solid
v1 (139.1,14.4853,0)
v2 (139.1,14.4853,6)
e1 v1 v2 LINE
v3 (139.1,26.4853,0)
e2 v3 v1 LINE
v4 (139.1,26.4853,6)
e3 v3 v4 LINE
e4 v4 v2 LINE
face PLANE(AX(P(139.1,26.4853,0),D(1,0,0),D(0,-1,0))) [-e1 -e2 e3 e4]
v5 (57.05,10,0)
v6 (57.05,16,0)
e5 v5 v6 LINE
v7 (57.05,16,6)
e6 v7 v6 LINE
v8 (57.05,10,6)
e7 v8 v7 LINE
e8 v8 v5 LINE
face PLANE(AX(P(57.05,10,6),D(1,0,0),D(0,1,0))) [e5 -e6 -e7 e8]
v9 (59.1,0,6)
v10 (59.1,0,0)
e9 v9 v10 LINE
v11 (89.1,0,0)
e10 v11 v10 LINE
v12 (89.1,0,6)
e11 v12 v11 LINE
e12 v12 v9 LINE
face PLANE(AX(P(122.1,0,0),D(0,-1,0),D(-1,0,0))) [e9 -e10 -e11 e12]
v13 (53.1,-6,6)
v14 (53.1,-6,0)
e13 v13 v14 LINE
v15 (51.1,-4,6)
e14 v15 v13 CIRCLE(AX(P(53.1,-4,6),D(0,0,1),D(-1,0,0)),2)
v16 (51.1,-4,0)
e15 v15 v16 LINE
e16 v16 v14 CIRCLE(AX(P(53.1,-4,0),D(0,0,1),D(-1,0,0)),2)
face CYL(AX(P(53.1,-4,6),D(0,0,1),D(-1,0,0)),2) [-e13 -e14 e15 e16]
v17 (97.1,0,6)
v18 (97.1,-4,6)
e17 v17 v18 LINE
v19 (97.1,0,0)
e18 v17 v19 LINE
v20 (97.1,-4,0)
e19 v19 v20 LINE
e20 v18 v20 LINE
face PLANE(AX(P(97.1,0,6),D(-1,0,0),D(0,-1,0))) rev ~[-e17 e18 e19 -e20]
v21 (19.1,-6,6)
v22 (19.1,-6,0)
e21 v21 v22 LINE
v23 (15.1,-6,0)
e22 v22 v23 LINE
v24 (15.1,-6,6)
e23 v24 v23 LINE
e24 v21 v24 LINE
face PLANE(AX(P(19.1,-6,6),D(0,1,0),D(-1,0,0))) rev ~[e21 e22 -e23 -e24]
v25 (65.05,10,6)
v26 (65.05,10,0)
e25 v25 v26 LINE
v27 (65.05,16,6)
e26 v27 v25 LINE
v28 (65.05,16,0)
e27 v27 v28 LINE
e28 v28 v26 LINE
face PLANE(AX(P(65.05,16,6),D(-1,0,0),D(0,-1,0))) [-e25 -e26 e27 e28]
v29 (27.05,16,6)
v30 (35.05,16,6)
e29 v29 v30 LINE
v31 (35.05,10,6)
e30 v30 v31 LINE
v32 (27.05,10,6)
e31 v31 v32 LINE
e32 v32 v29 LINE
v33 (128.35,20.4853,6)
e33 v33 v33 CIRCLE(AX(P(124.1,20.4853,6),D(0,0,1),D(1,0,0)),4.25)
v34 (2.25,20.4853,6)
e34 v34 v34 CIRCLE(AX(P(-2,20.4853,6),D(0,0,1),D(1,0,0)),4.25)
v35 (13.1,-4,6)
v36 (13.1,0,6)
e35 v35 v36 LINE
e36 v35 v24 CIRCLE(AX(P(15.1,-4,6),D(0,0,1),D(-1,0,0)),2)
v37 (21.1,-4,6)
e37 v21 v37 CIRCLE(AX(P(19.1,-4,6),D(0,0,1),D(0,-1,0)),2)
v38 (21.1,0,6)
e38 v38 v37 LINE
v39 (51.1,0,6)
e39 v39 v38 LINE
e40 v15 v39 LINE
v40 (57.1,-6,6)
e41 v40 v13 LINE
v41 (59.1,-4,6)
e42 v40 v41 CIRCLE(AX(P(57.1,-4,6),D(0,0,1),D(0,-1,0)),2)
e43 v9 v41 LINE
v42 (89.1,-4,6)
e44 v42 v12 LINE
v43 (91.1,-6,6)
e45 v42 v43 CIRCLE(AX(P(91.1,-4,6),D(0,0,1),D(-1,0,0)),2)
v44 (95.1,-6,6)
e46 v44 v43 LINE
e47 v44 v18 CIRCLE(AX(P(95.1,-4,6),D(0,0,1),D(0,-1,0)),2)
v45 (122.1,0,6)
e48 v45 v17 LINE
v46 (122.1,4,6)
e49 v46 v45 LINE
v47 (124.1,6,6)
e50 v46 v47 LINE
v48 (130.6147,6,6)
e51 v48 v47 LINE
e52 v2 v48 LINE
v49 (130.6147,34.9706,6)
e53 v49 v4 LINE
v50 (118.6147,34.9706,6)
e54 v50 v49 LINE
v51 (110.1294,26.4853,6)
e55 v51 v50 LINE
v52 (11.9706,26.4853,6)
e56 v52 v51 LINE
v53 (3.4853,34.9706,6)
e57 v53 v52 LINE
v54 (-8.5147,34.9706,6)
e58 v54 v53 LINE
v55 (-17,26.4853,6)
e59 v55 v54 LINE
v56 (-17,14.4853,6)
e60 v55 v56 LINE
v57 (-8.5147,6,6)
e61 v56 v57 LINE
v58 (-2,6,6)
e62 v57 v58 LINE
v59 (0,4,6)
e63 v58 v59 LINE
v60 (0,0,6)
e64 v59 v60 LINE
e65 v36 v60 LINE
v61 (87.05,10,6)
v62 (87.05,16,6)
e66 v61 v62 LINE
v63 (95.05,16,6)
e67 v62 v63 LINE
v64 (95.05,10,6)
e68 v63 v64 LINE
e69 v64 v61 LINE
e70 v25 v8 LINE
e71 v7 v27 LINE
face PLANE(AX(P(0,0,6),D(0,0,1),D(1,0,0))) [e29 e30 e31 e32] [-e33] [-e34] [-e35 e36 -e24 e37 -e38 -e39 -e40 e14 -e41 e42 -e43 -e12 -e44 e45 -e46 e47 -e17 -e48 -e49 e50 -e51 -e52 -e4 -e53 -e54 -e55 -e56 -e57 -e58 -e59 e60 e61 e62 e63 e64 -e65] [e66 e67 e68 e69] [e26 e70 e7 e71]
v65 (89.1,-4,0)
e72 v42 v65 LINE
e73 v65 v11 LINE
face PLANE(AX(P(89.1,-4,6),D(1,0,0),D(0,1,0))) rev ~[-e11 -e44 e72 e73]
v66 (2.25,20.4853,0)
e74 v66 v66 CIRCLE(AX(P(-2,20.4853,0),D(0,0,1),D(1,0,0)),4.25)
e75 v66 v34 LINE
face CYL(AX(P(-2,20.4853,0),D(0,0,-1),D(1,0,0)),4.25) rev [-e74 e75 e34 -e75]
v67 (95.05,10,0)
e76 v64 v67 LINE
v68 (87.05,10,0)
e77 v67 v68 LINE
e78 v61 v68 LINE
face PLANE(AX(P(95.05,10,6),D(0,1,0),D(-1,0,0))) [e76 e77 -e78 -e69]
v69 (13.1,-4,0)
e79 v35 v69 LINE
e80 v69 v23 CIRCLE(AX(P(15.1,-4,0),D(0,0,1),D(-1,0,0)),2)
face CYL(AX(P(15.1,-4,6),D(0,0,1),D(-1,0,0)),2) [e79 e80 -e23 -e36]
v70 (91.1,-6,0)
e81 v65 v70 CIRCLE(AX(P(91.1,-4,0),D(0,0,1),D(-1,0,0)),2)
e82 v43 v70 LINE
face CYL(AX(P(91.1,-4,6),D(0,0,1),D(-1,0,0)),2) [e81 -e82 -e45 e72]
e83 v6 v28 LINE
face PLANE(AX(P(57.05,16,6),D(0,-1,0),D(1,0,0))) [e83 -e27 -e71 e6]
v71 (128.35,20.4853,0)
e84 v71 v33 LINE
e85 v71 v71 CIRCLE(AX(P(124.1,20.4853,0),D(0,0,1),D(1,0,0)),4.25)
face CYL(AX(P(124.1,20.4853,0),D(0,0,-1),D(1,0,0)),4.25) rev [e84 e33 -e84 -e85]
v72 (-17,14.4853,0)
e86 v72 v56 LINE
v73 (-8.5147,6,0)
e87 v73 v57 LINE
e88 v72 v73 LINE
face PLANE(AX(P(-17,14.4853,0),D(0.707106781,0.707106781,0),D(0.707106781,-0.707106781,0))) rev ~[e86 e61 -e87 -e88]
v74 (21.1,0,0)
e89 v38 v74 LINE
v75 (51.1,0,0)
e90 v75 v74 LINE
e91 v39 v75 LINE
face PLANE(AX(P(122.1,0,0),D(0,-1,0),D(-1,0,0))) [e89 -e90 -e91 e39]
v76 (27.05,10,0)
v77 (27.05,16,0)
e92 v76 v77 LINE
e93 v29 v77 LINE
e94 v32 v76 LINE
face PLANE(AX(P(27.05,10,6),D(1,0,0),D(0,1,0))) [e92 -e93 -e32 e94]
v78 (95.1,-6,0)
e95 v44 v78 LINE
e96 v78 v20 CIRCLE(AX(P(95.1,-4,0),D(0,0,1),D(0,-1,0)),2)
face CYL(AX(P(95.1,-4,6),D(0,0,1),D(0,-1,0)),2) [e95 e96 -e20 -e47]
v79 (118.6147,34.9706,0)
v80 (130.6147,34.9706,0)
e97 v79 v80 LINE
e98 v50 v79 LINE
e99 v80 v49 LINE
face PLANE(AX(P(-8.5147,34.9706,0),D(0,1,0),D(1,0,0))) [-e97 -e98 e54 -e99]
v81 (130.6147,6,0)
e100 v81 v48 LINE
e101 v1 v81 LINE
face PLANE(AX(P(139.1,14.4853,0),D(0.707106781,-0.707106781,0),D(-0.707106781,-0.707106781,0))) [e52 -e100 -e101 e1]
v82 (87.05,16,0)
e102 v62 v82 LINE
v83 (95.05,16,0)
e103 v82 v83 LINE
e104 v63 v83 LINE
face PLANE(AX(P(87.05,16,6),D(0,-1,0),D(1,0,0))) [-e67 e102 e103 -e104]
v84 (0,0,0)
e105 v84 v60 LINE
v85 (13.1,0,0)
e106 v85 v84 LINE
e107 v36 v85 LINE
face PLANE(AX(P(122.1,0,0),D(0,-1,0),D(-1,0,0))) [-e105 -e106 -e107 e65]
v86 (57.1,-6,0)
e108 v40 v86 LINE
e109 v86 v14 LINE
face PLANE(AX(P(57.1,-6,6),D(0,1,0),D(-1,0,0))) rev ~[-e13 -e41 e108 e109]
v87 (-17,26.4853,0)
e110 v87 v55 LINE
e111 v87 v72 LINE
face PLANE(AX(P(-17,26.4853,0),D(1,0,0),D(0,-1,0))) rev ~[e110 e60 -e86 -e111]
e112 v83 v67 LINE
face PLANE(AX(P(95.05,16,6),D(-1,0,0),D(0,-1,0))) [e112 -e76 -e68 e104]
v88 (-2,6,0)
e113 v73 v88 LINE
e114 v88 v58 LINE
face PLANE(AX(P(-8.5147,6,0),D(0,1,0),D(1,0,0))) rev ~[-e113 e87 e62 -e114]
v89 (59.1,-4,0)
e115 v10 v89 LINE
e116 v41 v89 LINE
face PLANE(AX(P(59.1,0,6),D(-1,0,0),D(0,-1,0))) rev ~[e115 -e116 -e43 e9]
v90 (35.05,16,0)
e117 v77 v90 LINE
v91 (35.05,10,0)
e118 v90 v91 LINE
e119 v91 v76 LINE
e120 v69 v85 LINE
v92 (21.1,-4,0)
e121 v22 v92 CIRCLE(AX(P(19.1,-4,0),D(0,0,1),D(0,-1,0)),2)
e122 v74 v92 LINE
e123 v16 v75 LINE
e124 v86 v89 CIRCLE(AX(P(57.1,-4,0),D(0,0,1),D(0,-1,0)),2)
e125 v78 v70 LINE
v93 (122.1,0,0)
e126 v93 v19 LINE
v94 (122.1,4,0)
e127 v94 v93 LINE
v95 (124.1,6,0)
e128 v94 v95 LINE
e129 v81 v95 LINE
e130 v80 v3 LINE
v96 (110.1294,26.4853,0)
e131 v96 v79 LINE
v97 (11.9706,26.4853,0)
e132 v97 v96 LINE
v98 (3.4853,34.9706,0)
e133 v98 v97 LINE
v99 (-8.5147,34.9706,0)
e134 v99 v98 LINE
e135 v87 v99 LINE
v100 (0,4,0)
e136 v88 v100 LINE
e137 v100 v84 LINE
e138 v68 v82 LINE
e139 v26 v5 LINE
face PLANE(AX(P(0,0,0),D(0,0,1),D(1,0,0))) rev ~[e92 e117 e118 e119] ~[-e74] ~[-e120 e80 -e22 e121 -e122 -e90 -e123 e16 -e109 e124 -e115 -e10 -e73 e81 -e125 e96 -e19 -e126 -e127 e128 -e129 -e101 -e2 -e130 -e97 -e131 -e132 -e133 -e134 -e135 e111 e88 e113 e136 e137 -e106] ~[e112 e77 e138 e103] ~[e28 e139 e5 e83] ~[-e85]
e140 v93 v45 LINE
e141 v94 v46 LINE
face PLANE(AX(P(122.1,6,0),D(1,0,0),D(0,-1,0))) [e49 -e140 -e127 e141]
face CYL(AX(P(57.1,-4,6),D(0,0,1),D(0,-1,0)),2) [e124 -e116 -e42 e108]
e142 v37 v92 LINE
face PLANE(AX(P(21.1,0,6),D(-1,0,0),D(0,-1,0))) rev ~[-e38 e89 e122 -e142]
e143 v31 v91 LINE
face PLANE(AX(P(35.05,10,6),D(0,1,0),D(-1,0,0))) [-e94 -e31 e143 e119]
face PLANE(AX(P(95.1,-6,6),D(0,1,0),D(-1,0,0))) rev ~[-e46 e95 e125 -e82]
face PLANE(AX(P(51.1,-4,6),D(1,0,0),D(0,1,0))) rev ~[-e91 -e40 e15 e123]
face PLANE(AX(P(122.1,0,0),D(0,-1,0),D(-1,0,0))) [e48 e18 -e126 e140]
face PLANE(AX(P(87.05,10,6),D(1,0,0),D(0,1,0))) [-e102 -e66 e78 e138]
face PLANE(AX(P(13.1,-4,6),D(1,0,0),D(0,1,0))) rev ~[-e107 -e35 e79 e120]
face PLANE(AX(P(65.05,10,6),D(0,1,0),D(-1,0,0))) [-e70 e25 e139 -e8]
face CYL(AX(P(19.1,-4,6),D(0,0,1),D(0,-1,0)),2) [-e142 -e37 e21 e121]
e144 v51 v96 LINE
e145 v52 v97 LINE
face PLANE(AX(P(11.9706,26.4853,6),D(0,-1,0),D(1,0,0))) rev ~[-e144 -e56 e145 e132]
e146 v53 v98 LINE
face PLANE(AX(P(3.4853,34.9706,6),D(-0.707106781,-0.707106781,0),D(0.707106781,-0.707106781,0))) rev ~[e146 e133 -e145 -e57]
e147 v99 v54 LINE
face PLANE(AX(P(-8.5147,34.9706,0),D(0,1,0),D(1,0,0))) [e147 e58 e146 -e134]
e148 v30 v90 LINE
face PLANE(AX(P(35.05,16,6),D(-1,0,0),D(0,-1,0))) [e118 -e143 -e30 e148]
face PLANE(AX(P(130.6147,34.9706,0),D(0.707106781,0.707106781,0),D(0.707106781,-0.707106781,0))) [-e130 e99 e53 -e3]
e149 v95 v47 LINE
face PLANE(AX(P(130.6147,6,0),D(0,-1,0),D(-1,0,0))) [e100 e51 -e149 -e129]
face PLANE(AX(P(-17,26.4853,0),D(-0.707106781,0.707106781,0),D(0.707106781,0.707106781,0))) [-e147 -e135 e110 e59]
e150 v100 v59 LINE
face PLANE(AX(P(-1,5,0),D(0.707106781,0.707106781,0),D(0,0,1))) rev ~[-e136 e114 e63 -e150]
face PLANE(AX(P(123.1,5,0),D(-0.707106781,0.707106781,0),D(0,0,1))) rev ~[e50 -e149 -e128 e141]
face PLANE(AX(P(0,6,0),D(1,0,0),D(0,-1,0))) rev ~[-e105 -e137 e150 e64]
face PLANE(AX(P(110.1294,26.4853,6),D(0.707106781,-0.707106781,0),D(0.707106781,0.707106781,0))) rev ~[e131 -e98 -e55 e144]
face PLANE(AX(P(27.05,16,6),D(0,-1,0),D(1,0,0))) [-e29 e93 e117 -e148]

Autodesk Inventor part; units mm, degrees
ref_plane "YZ Plane" through (0, 0, 0) normal (1, 0, 0) x (0, 1, 0)
ref_plane "XZ Plane" through (0, 0, 0) normal (0, 1, 0) x (-1, 0, 0)
ref_plane "XY Plane" through (0, 0, 0) normal (0, 0, 1) x (1, 0, 0)
sketch "Sketch1" plane through (0, 0, 0) normal (0, 0, 1) x (1, 0, 0)
  circle A0 centre (-2, 20.4853) radius 4.25
  circle A1 centre (124.1, 20.4853) radius 4.25
  line L0 (-17, 26.4853) -> (-17, 14.4853)
  line L1 (-17, 26.4853) -> (-8.5147, 34.9706)
  line L2 (-17, 14.4853) -> (-8.5147, 6)
  line L3 (-8.5147, 34.9706) -> (130.6147, 34.9706)
  line L4 (130.6147, 34.9706) -> (139.1, 26.4853)
  line L5 (139.1, 26.4853) -> (139.1, 14.4853)
  line L6 (139.1, 14.4853) -> (130.6147, 6)
  circle A2 centre (-2, 20.4853) radius 13 construction
  circle A3 centre (-2, 20.4853) radius 17 construction
  line L7 (-8.5147, 6) -> (0, 6)
  line L8 (0, 6) -> (0, 0)
  line L9 (130.6147, 6) -> (122.1, 6)
  line L10 (122.1, 6) -> (122.1, 0)
  line L11 (122.1, 0) -> (0, 0)
  point P0 (0, 0)
  point P1 (-17, 20.4853)
  dimension "d0" = 8.5
  dimension "d1" = 126.1
  dimension "d2" = 45
  dimension "d3" = 12
  dimension "d4" = 26
  dimension "d5" = 34
  dimension "d6" = 15
  dimension "d7" = 6
  dimension "d10" = 15
  dimension "d18" = 2
extrude "Extrusion1" add sketch "Sketch1" along normal blind 6
sketch "Sketch2" plane through (0, 0, 6) normal (0, 0, 1) x (1, 0, 0)
  line L0 (130.6147, 34.9706) -> (-8.5147, 34.9706) projected
  line L1 (-8.5147, 34.9706) -> (-17, 26.4853) projected
  line L2 (3.4853, 34.9706) -> (11.9706, 26.4853)
  line L3 (11.9706, 26.4853) -> (110.1294, 26.4853)
  line L4 (110.1294, 26.4853) -> (118.6147, 34.9706)
  point P0 (-17, 14.4853)
  dimension "d13" = 12
  dimension "d14" = 12
  dimension "d15" = 12
extrude "Extrusion2" cut sketch "Sketch2" against normal blind 6
sketch "Sketch3" plane through (0, 0, 6) normal (0, 0, 1) x (1, 0, 0)
  line L0 (0, 0) -> (122.1, 0) projected
  line L1 (110.1294, 26.4853) -> (11.9706, 26.4853) projected
  line L2 (57.05, 16) -> (65.05, 16)
  line L3 (65.05, 16) -> (65.05, 10)
  line L4 (65.05, 10) -> (57.05, 10)
  line L5 (57.05, 10) -> (57.05, 16)
  line L6 (27.05, 16) -> (35.05, 16)
  line L7 (35.05, 16) -> (35.05, 10)
  line L8 (35.05, 10) -> (27.05, 10)
  line L9 (27.05, 10) -> (27.05, 16)
  line L10 (87.05, 16) -> (95.05, 16)
  line L11 (95.05, 16) -> (95.05, 10)
  line L12 (95.05, 10) -> (87.05, 10)
  line L13 (87.05, 10) -> (87.05, 16)
  point P0 (61.05, 16)
  point P1 (61.05, 26.4853)
  dimension "d20" = 8
  dimension "d21" = 6
  dimension "d22" = 8
  dimension "d23" = 8
  dimension "d24" = 10
  dimension "d25" = 22
  dimension "d26" = 22
extrude "Extrusion3" cut sketch "Sketch3" against normal through all
sketch "Sketch4" plane through (0, 0, 6) normal (0, 0, 1) x (1, 0, 0)
  line L0 (0, 0) -> (122.1, 0) projected
  line L1 (13.1, 0) -> (21.1, 0)
  line L2 (21.1, 0) -> (21.1, -4)
  line L3 (19.1, -6) -> (15.1, -6)
  line L4 (13.1, -4) -> (13.1, 0)
  line L5 (51.1, 0) -> (59.1, 0)
  line L6 (59.1, 0) -> (59.1, -4)
  line L7 (57.1, -6) -> (53.1, -6)
  line L8 (51.1, -4) -> (51.1, 0)
  line L9 (89.1, 0) -> (97.1, 0)
  line L10 (97.1, 0) -> (97.1, -4)
  line L11 (95.1, -6) -> (91.1, -6)
  line L12 (89.1, -4) -> (89.1, 0)
  arc A0 (13.1, -4) -> (15.1, -6) centre (15.1, -4) ccw
  arc A1 (19.1, -6) -> (21.1, -4) centre (19.1, -4) ccw
  arc A2 (51.1, -4) -> (53.1, -6) centre (53.1, -4) ccw
  arc A3 (57.1, -6) -> (59.1, -4) centre (57.1, -4) ccw
  arc A4 (89.1, -4) -> (91.1, -6) centre (91.1, -4) ccw
  arc A5 (95.1, -6) -> (97.1, -4) centre (95.1, -4) ccw
  dimension "d29" = 2
  dimension "d30" = 8
  dimension "d31" = 8
  dimension "d32" = 8
  dimension "d33" = 6
  dimension "d34" = 6
  dimension "d35" = 6
  dimension "d36" = 25
  dimension "d37" = 30
  dimension "d38" = 30
extrude "Extrusion4" add sketch "Sketch4" against normal blind 6
chamfer "Chamfer1" distance 2 angle 45 2 edges at (0, 6, 3) (122.1, 6, 3)
equation "\"d14\" = d13"
equation "\"d15\" = d14"
equation "\"d26\" = d25"
properties part number "rope_mount_b"
